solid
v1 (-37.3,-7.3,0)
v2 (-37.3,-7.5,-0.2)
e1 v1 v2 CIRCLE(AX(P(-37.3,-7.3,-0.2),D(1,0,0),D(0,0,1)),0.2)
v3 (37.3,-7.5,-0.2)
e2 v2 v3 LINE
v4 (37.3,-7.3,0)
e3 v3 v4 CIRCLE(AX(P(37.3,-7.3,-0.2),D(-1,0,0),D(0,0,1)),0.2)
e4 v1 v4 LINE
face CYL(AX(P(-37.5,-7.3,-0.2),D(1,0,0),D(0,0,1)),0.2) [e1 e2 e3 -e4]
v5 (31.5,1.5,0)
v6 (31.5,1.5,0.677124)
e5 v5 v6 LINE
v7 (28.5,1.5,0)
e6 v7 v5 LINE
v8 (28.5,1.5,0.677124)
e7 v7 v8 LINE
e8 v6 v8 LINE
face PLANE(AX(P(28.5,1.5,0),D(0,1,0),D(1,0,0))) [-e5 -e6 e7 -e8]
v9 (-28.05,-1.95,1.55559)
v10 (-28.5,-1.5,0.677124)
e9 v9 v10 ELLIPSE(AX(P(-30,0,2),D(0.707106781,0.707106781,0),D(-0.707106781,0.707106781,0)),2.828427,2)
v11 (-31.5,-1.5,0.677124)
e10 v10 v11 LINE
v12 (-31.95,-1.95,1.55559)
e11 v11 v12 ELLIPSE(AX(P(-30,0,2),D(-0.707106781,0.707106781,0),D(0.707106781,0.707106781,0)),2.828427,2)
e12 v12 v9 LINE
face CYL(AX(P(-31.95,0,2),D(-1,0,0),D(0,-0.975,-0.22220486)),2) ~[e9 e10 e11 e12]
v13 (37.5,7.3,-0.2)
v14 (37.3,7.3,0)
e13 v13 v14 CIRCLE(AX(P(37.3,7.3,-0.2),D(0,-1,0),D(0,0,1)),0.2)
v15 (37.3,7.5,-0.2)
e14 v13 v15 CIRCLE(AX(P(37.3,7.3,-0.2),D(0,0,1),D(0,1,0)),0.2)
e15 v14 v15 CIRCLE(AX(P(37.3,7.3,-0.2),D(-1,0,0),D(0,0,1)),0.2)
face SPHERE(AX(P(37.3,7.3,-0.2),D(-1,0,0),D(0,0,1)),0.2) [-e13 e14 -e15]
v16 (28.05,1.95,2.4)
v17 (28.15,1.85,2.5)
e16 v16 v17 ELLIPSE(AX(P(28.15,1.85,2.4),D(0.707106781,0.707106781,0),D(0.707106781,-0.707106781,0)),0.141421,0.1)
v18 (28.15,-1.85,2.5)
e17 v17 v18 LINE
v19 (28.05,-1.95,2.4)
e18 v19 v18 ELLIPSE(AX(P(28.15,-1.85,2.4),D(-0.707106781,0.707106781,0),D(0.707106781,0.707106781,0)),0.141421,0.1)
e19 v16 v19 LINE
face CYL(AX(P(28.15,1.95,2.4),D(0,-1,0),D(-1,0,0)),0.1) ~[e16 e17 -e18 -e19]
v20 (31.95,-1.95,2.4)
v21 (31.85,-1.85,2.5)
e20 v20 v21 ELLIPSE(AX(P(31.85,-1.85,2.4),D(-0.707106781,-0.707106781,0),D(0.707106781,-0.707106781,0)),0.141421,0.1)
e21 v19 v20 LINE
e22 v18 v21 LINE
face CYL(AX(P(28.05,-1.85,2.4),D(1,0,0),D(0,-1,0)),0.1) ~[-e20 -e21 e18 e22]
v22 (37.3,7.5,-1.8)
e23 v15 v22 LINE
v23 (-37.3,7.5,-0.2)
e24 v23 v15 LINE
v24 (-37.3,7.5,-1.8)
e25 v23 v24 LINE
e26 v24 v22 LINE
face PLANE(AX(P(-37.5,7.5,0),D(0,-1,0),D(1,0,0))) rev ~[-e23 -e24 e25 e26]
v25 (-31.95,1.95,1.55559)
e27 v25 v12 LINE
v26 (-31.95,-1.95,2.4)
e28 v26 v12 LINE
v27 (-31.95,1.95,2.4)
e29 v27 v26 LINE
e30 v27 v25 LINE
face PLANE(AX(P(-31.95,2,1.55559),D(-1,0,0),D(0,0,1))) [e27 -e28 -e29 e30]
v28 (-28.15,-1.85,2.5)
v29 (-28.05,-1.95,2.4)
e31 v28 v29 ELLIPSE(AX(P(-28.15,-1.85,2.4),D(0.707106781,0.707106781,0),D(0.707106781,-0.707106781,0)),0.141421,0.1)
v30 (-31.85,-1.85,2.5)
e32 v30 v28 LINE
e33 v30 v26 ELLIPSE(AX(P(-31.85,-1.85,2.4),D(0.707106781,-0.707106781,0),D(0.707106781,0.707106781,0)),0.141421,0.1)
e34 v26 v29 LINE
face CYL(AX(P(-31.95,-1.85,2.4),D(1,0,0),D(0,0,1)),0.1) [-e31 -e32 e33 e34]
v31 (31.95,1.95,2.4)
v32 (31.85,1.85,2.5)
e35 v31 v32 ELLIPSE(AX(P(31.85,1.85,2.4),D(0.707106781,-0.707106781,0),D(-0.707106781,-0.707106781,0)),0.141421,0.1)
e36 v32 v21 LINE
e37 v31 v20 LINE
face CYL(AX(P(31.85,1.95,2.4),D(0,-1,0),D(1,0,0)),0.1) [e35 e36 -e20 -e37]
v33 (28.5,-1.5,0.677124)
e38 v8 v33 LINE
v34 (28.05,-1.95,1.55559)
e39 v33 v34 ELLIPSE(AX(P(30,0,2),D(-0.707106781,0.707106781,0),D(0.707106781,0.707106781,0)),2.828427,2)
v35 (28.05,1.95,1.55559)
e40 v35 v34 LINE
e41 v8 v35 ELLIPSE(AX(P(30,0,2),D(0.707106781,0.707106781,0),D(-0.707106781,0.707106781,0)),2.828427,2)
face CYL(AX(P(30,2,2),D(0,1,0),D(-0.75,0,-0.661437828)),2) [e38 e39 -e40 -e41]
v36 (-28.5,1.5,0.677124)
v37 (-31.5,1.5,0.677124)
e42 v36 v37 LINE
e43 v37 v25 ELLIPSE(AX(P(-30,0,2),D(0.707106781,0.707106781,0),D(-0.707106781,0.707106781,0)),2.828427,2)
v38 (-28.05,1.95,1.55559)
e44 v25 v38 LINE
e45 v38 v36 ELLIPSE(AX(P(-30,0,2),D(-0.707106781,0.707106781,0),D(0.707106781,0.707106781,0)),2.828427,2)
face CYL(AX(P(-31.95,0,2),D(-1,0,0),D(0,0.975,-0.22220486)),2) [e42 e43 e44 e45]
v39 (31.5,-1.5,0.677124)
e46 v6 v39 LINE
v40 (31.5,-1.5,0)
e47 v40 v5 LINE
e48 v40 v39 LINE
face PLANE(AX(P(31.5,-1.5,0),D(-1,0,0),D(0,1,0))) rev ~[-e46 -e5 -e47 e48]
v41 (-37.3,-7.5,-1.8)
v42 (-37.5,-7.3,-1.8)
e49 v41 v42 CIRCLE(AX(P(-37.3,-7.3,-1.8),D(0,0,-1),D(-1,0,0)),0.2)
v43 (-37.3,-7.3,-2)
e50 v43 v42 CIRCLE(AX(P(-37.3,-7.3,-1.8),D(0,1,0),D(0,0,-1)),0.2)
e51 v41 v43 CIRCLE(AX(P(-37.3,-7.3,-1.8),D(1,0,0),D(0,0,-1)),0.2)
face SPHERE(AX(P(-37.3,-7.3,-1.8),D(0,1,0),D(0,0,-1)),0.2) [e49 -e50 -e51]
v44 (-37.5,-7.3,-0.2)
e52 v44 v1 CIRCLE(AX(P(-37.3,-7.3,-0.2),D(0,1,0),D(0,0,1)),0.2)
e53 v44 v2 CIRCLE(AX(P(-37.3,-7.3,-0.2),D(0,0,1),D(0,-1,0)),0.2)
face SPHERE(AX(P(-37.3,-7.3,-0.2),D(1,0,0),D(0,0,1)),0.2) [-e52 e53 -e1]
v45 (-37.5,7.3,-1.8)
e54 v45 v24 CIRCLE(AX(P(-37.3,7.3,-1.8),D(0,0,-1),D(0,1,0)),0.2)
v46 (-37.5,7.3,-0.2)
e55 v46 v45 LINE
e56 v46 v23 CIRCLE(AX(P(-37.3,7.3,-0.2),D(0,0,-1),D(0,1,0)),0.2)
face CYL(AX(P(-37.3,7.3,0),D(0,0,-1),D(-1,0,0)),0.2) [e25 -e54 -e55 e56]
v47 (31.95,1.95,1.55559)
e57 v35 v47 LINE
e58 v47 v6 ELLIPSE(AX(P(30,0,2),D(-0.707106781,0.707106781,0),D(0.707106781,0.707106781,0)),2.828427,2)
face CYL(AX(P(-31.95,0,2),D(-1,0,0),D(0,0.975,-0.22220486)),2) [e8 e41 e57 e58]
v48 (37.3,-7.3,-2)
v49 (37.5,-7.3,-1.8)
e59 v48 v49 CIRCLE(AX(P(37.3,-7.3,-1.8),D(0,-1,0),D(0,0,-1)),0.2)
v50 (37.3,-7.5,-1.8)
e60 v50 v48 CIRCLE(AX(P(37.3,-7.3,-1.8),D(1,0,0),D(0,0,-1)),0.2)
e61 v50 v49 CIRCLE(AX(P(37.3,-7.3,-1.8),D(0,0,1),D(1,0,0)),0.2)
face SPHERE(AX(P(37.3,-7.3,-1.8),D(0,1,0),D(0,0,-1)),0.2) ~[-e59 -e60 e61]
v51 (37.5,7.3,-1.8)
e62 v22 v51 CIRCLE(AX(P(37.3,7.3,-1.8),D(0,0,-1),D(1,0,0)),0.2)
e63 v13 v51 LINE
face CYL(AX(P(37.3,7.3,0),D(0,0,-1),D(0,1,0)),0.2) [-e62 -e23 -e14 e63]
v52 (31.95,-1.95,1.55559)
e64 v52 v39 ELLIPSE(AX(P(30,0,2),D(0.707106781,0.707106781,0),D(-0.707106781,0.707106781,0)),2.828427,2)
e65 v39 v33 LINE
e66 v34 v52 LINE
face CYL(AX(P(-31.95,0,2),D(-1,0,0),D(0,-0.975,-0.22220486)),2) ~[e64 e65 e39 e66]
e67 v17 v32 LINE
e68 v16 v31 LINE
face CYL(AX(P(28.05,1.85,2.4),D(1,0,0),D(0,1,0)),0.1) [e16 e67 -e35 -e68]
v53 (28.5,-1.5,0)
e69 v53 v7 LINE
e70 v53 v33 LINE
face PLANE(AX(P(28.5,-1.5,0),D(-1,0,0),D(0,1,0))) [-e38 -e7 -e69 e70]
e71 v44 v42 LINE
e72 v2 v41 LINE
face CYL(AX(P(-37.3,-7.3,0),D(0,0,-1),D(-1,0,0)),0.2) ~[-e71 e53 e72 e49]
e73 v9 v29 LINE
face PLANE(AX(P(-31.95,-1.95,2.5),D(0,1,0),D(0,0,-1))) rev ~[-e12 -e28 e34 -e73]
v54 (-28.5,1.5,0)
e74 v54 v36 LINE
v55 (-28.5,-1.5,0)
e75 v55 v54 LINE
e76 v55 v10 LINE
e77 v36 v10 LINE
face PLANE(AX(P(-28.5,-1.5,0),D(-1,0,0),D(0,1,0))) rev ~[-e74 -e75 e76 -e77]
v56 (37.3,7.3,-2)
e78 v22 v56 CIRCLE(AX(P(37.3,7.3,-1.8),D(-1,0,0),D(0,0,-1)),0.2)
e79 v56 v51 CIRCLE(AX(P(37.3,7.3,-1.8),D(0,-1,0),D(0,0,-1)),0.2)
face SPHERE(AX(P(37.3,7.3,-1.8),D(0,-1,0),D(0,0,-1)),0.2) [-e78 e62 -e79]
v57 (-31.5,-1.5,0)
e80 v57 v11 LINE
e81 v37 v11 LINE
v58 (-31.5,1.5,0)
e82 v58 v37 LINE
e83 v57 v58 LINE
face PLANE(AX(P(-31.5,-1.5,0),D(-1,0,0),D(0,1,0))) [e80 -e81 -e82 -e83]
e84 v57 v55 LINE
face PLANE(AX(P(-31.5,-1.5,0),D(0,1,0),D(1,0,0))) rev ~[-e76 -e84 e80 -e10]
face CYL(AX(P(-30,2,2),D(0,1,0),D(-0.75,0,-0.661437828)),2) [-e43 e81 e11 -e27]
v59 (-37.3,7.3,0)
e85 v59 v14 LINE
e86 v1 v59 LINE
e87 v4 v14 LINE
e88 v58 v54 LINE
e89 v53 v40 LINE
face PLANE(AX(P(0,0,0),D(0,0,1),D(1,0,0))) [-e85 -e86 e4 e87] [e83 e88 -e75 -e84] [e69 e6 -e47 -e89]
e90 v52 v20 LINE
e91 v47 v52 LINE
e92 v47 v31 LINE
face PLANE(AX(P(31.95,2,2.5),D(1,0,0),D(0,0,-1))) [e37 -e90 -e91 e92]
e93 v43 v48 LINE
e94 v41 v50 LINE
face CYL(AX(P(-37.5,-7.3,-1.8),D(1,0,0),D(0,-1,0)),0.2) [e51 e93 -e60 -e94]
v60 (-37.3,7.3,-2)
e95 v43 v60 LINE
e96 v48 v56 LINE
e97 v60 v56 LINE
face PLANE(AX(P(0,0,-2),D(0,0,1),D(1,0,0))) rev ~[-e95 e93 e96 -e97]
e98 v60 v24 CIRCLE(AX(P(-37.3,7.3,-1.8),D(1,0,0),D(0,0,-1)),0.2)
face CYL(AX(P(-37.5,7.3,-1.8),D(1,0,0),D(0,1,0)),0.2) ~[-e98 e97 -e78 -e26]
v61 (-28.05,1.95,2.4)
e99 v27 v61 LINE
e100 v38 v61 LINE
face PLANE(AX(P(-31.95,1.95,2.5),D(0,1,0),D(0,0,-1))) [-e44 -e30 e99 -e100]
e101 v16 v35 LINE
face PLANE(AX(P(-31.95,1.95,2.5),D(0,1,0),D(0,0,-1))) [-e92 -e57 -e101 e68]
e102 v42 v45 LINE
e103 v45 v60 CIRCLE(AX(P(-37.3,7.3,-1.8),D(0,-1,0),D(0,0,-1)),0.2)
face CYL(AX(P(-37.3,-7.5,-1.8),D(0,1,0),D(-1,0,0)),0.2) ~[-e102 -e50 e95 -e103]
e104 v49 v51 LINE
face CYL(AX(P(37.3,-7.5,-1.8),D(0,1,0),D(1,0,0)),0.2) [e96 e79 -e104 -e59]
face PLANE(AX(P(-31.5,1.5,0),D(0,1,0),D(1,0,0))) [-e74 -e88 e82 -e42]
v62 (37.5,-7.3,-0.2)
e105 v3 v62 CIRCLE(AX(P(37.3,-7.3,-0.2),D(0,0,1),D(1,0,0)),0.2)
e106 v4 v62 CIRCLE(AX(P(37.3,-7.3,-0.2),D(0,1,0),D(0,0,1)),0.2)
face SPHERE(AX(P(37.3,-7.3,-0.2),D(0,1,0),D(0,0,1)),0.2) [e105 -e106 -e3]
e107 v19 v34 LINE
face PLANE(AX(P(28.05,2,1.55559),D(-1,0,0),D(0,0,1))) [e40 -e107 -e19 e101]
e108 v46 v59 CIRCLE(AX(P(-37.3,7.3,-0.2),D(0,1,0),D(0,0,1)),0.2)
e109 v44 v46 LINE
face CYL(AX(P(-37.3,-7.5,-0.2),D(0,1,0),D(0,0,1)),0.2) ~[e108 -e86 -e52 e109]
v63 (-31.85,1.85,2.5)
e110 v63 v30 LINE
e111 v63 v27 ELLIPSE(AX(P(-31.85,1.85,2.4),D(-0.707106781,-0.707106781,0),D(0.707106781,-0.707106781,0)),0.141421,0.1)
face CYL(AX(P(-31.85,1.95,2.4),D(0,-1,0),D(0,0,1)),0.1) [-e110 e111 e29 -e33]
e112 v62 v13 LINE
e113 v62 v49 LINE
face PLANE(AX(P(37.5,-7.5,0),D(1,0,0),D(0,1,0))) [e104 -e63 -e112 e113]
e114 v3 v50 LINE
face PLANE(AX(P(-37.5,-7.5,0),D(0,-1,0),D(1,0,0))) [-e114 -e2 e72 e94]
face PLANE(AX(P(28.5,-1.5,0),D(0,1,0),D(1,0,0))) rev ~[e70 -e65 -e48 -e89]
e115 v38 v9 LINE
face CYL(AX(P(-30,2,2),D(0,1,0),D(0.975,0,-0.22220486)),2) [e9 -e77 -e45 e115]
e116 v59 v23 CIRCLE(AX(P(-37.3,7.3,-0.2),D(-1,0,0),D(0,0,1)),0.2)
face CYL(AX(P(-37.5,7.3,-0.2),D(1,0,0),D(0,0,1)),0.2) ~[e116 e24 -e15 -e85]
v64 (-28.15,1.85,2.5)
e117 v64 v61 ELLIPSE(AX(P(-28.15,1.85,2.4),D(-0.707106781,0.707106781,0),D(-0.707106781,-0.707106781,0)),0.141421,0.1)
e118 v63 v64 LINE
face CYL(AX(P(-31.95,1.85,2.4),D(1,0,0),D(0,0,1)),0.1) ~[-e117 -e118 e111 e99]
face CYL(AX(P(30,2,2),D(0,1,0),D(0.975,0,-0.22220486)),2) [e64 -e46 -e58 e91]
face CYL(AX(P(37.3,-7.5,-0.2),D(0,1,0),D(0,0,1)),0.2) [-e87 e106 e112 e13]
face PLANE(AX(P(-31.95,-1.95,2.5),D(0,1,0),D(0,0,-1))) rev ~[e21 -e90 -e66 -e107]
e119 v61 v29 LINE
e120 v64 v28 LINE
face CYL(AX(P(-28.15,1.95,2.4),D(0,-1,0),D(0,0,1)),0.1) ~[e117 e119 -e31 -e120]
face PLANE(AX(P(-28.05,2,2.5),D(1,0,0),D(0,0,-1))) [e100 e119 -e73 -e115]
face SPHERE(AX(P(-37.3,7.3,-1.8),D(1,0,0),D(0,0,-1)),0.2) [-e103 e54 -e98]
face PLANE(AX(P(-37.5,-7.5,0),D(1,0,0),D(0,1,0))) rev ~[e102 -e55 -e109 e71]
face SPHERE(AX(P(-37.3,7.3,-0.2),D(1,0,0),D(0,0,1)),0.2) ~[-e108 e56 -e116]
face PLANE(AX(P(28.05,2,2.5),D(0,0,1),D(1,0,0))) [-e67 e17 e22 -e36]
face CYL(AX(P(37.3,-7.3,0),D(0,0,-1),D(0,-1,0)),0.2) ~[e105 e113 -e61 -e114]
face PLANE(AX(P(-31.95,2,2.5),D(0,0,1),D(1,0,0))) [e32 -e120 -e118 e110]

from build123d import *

# Parameters (mm, degrees)
SKETCH_1_W           = 75
SKETCH_1_H           = 15
EXTRUDE_1_DEPTH      = 2
SKETCH_2_W           = 3
SKETCH_2_H           = 3
EXTRUDE_2_DEPTH      = 1
EXTRUDE_3_DEPTH      = 2
EXTRUDE_3_DEPTH_BACK = 2
CUT_EXTRUDE_1_DEPTH  = 70.898515721
FILLET_1_R           = 0.1
FILLET_2_R           = 0.2


with BuildPart() as part:
    # 草图1 → 凸台-拉伸1 (new body)
    with BuildSketch(Plane.XY):
        Rectangle(SKETCH_1_W, SKETCH_1_H)
    extrude(amount=-EXTRUDE_1_DEPTH)

    # 草图2 → 凸台-拉伸2 (add)
    with BuildSketch(Plane.XY):
        with Locations((-30, 0)):
            Rectangle(SKETCH_2_W, SKETCH_2_H)
        with Locations((30, 0)):
            Rectangle(SKETCH_2_W, SKETCH_2_H)
    extrude(amount=EXTRUDE_2_DEPTH)

    # 草图3 → 凸台-拉伸3 (add, two sides: drawn at the far end of the back side and taken through both)
    with BuildSketch(Plane.XZ.offset(-EXTRUDE_3_DEPTH_BACK)):
        with BuildLine():
            Line((-31.95, 2.5), (-28.05, 2.5))
            Line((-28.05, 2.5), (-28.05, 1.555590279))
            ThreePointArc((-28.05, 1.555590279), (-28.219957697, 1.088161527), (-28.5, 0.677124344))
            Line((-28.5, 0.677124344), (-31.5, 0.677124344))
            ThreePointArc((-31.5, 0.677124344), (-31.780042303, 1.088161527), (-31.95, 1.555590279))
            Line((-31.95, 1.555590279), (-31.95, 2.5))
        make_face()
        with BuildLine():
            Line((31.5, 0.677124344), (28.5, 0.677124344))
            ThreePointArc((28.5, 0.677124344), (28.219957697, 1.088161527), (28.05, 1.555590279))
            Line((28.05, 1.555590279), (28.05, 2.5))
            Line((28.05, 2.5), (31.95, 2.5))
            Line((31.95, 2.5), (31.95, 1.555590279))
            ThreePointArc((31.95, 1.555590279), (31.780042303, 1.088161527), (31.5, 0.677124344))
        make_face()
    extrude(amount=EXTRUDE_3_DEPTH + EXTRUDE_3_DEPTH_BACK)

    # 草图4 → 切除-拉伸1 (cut, through all)
    with BuildSketch(Plane.ZY.offset(31.95)):
        with BuildLine():
            Line((2.5, 1.95), (1.555590279, 1.95))
            ThreePointArc((1.555590279, 1.95), (1.088161527, 1.780042303), (0.677124344, 1.5))
            Line((0.677124344, 1.5), (0.677124344, 2))
            Line((0.677124344, 2), (2.5, 2))
            Line((2.5, 2), (2.5, 1.95))
        make_face()
        with BuildLine():
            Line((0.677124344, -2), (2.5, -2))
            Line((2.5, -2), (2.5, -1.95))
            Line((2.5, -1.95), (1.555590279, -1.95))
            ThreePointArc((1.555590279, -1.95), (1.088161527, -1.780042303), (0.677124344, -1.5))
            Line((0.677124344, -1.5), (0.677124344, -2))
        make_face()
    extrude(amount=-CUT_EXTRUDE_1_DEPTH, mode=Mode.SUBTRACT)

    # 圆角1
    fillet_1_edges = [part.edges().sort_by_distance(p)[0] for p in [
        (-30, -1.95, 2.5),
        (30, -1.95, 2.5),
        (31.95, 0, 2.5),
        (28.05, 0, 2.5),
        (-28.05, 0, 2.5),
        (-31.95, 0, 2.5),
        (-30, 1.95, 2.5),
        (30, 1.95, 2.5),
    ]]
    fillet(fillet_1_edges, radius=FILLET_1_R)

    # 圆角2
    fillet_2_edges = [part.edges().sort_by_distance(p)[0] for p in [
        (37.5, 0, -2),
        (0, 7.5, -2),
        (-37.5, 0, -2),
        (0, 7.5, 0),
        (37.5, 0, 0),
        (0, -7.5, 0),
        (-37.5, 0, 0),
        (0, -7.5, -2),
        (-37.5, 7.5, -1),
        (37.5, 7.5, -1),
        (37.5, -7.5, -1),
        (-37.5, -7.5, -1),
    ]]
    fillet(fillet_2_edges, radius=FILLET_2_R)


solid = part.part
